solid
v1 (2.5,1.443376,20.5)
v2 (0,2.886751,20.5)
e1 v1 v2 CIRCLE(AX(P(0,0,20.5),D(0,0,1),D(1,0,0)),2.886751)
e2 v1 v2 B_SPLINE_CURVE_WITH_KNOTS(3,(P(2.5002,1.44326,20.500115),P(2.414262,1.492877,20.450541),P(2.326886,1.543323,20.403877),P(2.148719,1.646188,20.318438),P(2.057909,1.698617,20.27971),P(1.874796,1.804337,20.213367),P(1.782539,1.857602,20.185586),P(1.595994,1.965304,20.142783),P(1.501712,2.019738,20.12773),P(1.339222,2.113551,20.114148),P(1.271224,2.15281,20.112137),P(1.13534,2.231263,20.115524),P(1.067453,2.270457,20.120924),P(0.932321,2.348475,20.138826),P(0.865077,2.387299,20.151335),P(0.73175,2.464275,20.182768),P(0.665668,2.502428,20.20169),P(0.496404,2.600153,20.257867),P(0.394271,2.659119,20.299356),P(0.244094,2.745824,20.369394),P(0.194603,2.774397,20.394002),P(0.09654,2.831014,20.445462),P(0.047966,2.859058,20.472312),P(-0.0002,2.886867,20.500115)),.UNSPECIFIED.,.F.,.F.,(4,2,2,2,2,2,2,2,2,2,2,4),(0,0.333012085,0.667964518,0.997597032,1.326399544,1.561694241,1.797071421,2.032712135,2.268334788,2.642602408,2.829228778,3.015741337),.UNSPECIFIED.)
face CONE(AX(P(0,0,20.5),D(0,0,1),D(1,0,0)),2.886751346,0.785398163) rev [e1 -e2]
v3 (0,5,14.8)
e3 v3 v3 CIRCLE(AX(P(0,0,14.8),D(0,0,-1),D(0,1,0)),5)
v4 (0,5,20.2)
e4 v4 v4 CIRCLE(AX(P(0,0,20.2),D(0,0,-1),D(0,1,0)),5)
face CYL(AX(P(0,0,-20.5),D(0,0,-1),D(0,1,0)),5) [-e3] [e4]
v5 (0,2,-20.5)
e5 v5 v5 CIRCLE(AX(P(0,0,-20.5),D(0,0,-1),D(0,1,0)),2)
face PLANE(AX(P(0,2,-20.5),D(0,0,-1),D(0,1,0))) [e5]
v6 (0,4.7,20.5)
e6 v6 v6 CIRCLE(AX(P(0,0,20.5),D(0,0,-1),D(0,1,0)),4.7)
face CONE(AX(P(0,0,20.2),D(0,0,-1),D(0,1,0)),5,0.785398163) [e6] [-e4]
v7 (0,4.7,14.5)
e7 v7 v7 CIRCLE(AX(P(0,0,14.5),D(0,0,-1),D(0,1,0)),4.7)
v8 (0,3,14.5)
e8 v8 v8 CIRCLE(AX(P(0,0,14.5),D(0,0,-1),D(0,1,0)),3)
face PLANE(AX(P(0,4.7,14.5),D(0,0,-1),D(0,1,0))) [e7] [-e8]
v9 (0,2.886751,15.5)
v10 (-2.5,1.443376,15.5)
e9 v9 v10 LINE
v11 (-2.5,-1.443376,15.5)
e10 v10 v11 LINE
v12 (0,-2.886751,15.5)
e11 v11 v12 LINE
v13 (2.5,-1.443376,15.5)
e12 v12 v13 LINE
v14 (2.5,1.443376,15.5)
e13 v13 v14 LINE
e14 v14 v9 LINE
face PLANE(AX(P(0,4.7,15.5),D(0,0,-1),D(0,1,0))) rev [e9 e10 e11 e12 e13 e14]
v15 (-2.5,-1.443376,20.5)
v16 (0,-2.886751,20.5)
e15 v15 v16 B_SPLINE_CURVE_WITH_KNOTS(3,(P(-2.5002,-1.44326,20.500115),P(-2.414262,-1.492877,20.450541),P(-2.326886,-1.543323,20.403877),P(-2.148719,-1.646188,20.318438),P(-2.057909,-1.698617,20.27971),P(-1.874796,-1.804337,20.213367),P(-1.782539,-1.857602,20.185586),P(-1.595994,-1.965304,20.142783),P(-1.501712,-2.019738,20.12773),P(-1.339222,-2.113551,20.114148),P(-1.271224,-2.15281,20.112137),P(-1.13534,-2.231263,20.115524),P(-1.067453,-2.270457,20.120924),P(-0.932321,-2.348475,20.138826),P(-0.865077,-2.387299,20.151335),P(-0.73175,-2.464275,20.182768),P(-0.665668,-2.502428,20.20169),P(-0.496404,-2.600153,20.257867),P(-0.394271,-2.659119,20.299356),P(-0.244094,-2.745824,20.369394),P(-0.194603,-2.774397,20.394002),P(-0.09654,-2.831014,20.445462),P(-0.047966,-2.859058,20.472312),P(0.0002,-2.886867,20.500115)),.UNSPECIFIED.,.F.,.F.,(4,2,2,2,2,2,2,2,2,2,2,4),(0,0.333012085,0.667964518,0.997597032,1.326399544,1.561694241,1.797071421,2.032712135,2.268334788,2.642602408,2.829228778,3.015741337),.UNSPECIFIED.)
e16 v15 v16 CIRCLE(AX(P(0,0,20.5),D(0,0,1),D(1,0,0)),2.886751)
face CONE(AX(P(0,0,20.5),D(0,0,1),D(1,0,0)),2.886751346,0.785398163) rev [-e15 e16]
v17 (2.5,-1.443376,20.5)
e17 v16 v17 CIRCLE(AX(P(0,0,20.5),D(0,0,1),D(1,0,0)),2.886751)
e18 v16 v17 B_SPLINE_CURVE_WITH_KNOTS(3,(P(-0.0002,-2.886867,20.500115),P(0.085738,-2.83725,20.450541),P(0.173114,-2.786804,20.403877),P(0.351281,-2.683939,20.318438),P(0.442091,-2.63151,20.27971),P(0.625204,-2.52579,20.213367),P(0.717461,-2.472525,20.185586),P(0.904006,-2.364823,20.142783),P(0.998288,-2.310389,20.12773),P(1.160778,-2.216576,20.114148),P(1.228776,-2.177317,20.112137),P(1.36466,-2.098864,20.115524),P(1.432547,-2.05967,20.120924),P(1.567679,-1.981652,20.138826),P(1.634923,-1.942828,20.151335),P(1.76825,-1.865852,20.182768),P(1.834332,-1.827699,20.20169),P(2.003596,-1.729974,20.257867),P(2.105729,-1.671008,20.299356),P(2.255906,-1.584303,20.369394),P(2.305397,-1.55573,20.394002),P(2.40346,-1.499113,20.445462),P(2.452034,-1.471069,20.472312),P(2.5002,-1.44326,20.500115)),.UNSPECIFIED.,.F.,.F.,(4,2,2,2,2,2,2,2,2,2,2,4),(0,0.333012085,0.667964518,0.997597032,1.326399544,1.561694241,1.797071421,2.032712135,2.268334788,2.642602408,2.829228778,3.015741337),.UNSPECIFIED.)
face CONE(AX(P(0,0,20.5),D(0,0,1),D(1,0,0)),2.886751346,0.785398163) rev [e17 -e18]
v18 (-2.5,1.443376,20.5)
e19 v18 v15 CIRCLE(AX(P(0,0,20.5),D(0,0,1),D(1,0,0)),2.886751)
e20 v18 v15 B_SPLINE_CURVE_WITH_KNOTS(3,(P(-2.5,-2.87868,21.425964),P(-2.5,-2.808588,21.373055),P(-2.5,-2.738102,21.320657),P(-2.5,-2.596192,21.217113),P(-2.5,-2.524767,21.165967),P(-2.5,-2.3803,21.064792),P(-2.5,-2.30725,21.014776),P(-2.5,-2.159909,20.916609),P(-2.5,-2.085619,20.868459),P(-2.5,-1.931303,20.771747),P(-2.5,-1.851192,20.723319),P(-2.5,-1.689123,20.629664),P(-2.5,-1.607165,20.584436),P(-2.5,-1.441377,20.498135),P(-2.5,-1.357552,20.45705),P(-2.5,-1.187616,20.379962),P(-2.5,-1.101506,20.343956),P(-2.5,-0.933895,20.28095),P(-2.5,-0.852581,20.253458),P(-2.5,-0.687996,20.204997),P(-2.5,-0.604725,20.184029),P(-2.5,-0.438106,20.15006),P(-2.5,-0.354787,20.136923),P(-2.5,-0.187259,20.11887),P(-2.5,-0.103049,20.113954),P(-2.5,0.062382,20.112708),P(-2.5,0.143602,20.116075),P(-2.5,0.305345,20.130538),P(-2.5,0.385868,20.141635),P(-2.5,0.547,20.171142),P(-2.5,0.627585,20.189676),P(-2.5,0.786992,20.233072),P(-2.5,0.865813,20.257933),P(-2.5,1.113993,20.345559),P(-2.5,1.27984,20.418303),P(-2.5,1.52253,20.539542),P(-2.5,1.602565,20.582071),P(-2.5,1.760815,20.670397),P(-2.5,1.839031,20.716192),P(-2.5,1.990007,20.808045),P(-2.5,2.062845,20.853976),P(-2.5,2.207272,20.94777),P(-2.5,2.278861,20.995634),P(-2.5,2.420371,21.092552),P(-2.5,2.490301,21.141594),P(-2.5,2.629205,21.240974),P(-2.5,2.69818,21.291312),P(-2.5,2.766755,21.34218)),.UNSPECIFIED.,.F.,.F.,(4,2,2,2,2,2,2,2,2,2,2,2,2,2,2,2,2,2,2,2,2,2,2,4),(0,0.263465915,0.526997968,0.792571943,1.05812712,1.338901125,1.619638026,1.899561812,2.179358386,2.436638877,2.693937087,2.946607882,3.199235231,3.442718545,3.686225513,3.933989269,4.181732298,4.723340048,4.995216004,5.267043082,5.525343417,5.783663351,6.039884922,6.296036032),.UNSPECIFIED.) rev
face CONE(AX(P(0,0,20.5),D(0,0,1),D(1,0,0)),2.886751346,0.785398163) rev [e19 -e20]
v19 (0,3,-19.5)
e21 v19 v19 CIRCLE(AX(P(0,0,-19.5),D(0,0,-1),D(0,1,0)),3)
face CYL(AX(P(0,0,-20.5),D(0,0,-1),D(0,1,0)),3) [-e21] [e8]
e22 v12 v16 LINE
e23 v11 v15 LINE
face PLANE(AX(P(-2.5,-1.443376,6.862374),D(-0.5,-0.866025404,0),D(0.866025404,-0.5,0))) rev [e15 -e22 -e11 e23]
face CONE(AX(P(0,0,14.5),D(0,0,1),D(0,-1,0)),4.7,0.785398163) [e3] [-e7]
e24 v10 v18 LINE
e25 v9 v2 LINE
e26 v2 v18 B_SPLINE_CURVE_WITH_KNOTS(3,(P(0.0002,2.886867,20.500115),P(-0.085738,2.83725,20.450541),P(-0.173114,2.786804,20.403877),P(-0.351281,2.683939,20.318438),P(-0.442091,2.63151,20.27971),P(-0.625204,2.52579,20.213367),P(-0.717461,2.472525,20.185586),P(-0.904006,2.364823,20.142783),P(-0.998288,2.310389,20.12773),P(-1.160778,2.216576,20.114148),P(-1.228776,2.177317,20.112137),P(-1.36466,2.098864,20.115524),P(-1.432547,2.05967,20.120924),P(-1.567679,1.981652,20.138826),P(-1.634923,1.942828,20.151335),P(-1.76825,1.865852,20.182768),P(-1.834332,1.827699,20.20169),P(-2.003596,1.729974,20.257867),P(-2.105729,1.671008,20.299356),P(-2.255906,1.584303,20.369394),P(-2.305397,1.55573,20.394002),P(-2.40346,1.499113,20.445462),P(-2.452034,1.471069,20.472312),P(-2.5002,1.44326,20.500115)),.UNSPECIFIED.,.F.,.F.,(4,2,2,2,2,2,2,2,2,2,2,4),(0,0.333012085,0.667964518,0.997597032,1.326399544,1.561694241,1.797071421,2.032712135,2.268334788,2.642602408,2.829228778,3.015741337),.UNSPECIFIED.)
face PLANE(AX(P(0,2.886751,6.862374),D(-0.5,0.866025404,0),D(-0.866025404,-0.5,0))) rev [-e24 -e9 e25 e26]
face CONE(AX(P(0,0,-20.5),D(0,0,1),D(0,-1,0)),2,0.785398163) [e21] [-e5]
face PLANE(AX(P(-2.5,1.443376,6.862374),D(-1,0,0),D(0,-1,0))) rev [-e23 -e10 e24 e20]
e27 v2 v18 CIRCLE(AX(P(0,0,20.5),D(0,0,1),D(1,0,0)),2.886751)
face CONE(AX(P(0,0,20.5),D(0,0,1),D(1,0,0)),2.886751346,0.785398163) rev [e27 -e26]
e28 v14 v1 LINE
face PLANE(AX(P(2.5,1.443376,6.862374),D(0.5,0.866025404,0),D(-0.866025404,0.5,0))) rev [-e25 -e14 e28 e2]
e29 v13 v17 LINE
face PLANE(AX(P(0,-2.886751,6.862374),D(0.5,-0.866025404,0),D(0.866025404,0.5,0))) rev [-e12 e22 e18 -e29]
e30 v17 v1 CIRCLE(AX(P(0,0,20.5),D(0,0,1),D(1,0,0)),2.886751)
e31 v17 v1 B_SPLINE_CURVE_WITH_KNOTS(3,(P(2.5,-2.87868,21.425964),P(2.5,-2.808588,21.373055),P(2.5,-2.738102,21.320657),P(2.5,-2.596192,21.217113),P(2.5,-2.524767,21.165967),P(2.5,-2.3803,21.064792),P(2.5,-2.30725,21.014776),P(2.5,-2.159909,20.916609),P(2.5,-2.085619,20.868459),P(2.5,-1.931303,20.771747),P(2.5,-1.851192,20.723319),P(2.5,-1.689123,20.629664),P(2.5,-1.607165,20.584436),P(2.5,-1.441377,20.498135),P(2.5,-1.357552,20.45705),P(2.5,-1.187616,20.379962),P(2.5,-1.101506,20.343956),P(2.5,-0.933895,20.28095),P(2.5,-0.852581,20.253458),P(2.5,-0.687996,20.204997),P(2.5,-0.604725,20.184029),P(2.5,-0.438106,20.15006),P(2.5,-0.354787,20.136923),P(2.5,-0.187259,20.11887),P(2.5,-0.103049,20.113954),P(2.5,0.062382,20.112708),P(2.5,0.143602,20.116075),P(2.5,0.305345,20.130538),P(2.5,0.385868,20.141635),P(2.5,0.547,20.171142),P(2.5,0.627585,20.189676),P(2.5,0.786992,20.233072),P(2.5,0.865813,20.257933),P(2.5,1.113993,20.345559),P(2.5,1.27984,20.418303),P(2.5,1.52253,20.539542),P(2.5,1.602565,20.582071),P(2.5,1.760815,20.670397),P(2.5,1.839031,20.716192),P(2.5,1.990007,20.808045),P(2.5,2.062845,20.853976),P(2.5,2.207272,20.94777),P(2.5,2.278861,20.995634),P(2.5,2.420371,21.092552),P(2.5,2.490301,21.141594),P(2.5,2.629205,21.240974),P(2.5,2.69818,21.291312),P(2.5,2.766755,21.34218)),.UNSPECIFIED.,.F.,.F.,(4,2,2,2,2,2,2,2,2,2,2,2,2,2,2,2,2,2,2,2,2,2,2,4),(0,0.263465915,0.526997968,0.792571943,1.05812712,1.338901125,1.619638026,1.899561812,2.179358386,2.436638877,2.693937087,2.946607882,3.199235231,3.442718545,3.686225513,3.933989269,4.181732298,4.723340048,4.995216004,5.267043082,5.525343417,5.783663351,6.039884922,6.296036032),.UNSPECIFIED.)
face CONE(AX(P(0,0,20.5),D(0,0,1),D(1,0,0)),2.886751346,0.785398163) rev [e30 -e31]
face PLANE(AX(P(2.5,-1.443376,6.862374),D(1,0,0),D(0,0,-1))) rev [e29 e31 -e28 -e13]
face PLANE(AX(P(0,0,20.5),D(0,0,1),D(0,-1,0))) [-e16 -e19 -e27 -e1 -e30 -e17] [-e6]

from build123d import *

# Parameters (mm, degrees)
CUT_EXTRUDE1_DEPTH = 5


with BuildPart() as part:
    # Sketch2 → Revolve1 (revolve)
    with BuildSketch(Plane(origin=(0, 0, 0), x_dir=(0, 0, -1), z_dir=(1, 0, 0))):
        Polygon((-20.5, 0), (-20.5, 4.7), (-20.2, 5), (-14.8, 5), (-14.5, 4.7), (-14.5, 3), (19.5, 3), (20.5, 2), (20.5, 0), align=None)
    revolve(axis=Axis((0, 0, -20.5), (0, 0, 1)))

    # Sketch3 → Cut-Extrude1 (cut)
    with BuildSketch(Plane.XY.offset(20.5)):
        Polygon((2.5, -1.443375673), (2.5, 1.443375673), (0, 2.886751346), (-2.5, 1.443375673), (-2.5, -1.443375673), (0, -2.886751346), align=None)
    extrude(amount=-CUT_EXTRUDE1_DEPTH, mode=Mode.SUBTRACT)

    # Cut-Extrude2 cone 1 section (through the dimple's axis) → Cut-Extrude2 (revolve, cut)
    with BuildSketch(Plane(origin=(0, 0, 20.5), x_dir=(0, -1, 0), z_dir=(1, 0, 0))):
        Polygon((0, 0), (2.886751346, 0), (0, 2.886751346), align=None)
    revolve(axis=Axis((0, 0, 20.5), (0, 0, -1)), mode=Mode.SUBTRACT)


solid = part.part
